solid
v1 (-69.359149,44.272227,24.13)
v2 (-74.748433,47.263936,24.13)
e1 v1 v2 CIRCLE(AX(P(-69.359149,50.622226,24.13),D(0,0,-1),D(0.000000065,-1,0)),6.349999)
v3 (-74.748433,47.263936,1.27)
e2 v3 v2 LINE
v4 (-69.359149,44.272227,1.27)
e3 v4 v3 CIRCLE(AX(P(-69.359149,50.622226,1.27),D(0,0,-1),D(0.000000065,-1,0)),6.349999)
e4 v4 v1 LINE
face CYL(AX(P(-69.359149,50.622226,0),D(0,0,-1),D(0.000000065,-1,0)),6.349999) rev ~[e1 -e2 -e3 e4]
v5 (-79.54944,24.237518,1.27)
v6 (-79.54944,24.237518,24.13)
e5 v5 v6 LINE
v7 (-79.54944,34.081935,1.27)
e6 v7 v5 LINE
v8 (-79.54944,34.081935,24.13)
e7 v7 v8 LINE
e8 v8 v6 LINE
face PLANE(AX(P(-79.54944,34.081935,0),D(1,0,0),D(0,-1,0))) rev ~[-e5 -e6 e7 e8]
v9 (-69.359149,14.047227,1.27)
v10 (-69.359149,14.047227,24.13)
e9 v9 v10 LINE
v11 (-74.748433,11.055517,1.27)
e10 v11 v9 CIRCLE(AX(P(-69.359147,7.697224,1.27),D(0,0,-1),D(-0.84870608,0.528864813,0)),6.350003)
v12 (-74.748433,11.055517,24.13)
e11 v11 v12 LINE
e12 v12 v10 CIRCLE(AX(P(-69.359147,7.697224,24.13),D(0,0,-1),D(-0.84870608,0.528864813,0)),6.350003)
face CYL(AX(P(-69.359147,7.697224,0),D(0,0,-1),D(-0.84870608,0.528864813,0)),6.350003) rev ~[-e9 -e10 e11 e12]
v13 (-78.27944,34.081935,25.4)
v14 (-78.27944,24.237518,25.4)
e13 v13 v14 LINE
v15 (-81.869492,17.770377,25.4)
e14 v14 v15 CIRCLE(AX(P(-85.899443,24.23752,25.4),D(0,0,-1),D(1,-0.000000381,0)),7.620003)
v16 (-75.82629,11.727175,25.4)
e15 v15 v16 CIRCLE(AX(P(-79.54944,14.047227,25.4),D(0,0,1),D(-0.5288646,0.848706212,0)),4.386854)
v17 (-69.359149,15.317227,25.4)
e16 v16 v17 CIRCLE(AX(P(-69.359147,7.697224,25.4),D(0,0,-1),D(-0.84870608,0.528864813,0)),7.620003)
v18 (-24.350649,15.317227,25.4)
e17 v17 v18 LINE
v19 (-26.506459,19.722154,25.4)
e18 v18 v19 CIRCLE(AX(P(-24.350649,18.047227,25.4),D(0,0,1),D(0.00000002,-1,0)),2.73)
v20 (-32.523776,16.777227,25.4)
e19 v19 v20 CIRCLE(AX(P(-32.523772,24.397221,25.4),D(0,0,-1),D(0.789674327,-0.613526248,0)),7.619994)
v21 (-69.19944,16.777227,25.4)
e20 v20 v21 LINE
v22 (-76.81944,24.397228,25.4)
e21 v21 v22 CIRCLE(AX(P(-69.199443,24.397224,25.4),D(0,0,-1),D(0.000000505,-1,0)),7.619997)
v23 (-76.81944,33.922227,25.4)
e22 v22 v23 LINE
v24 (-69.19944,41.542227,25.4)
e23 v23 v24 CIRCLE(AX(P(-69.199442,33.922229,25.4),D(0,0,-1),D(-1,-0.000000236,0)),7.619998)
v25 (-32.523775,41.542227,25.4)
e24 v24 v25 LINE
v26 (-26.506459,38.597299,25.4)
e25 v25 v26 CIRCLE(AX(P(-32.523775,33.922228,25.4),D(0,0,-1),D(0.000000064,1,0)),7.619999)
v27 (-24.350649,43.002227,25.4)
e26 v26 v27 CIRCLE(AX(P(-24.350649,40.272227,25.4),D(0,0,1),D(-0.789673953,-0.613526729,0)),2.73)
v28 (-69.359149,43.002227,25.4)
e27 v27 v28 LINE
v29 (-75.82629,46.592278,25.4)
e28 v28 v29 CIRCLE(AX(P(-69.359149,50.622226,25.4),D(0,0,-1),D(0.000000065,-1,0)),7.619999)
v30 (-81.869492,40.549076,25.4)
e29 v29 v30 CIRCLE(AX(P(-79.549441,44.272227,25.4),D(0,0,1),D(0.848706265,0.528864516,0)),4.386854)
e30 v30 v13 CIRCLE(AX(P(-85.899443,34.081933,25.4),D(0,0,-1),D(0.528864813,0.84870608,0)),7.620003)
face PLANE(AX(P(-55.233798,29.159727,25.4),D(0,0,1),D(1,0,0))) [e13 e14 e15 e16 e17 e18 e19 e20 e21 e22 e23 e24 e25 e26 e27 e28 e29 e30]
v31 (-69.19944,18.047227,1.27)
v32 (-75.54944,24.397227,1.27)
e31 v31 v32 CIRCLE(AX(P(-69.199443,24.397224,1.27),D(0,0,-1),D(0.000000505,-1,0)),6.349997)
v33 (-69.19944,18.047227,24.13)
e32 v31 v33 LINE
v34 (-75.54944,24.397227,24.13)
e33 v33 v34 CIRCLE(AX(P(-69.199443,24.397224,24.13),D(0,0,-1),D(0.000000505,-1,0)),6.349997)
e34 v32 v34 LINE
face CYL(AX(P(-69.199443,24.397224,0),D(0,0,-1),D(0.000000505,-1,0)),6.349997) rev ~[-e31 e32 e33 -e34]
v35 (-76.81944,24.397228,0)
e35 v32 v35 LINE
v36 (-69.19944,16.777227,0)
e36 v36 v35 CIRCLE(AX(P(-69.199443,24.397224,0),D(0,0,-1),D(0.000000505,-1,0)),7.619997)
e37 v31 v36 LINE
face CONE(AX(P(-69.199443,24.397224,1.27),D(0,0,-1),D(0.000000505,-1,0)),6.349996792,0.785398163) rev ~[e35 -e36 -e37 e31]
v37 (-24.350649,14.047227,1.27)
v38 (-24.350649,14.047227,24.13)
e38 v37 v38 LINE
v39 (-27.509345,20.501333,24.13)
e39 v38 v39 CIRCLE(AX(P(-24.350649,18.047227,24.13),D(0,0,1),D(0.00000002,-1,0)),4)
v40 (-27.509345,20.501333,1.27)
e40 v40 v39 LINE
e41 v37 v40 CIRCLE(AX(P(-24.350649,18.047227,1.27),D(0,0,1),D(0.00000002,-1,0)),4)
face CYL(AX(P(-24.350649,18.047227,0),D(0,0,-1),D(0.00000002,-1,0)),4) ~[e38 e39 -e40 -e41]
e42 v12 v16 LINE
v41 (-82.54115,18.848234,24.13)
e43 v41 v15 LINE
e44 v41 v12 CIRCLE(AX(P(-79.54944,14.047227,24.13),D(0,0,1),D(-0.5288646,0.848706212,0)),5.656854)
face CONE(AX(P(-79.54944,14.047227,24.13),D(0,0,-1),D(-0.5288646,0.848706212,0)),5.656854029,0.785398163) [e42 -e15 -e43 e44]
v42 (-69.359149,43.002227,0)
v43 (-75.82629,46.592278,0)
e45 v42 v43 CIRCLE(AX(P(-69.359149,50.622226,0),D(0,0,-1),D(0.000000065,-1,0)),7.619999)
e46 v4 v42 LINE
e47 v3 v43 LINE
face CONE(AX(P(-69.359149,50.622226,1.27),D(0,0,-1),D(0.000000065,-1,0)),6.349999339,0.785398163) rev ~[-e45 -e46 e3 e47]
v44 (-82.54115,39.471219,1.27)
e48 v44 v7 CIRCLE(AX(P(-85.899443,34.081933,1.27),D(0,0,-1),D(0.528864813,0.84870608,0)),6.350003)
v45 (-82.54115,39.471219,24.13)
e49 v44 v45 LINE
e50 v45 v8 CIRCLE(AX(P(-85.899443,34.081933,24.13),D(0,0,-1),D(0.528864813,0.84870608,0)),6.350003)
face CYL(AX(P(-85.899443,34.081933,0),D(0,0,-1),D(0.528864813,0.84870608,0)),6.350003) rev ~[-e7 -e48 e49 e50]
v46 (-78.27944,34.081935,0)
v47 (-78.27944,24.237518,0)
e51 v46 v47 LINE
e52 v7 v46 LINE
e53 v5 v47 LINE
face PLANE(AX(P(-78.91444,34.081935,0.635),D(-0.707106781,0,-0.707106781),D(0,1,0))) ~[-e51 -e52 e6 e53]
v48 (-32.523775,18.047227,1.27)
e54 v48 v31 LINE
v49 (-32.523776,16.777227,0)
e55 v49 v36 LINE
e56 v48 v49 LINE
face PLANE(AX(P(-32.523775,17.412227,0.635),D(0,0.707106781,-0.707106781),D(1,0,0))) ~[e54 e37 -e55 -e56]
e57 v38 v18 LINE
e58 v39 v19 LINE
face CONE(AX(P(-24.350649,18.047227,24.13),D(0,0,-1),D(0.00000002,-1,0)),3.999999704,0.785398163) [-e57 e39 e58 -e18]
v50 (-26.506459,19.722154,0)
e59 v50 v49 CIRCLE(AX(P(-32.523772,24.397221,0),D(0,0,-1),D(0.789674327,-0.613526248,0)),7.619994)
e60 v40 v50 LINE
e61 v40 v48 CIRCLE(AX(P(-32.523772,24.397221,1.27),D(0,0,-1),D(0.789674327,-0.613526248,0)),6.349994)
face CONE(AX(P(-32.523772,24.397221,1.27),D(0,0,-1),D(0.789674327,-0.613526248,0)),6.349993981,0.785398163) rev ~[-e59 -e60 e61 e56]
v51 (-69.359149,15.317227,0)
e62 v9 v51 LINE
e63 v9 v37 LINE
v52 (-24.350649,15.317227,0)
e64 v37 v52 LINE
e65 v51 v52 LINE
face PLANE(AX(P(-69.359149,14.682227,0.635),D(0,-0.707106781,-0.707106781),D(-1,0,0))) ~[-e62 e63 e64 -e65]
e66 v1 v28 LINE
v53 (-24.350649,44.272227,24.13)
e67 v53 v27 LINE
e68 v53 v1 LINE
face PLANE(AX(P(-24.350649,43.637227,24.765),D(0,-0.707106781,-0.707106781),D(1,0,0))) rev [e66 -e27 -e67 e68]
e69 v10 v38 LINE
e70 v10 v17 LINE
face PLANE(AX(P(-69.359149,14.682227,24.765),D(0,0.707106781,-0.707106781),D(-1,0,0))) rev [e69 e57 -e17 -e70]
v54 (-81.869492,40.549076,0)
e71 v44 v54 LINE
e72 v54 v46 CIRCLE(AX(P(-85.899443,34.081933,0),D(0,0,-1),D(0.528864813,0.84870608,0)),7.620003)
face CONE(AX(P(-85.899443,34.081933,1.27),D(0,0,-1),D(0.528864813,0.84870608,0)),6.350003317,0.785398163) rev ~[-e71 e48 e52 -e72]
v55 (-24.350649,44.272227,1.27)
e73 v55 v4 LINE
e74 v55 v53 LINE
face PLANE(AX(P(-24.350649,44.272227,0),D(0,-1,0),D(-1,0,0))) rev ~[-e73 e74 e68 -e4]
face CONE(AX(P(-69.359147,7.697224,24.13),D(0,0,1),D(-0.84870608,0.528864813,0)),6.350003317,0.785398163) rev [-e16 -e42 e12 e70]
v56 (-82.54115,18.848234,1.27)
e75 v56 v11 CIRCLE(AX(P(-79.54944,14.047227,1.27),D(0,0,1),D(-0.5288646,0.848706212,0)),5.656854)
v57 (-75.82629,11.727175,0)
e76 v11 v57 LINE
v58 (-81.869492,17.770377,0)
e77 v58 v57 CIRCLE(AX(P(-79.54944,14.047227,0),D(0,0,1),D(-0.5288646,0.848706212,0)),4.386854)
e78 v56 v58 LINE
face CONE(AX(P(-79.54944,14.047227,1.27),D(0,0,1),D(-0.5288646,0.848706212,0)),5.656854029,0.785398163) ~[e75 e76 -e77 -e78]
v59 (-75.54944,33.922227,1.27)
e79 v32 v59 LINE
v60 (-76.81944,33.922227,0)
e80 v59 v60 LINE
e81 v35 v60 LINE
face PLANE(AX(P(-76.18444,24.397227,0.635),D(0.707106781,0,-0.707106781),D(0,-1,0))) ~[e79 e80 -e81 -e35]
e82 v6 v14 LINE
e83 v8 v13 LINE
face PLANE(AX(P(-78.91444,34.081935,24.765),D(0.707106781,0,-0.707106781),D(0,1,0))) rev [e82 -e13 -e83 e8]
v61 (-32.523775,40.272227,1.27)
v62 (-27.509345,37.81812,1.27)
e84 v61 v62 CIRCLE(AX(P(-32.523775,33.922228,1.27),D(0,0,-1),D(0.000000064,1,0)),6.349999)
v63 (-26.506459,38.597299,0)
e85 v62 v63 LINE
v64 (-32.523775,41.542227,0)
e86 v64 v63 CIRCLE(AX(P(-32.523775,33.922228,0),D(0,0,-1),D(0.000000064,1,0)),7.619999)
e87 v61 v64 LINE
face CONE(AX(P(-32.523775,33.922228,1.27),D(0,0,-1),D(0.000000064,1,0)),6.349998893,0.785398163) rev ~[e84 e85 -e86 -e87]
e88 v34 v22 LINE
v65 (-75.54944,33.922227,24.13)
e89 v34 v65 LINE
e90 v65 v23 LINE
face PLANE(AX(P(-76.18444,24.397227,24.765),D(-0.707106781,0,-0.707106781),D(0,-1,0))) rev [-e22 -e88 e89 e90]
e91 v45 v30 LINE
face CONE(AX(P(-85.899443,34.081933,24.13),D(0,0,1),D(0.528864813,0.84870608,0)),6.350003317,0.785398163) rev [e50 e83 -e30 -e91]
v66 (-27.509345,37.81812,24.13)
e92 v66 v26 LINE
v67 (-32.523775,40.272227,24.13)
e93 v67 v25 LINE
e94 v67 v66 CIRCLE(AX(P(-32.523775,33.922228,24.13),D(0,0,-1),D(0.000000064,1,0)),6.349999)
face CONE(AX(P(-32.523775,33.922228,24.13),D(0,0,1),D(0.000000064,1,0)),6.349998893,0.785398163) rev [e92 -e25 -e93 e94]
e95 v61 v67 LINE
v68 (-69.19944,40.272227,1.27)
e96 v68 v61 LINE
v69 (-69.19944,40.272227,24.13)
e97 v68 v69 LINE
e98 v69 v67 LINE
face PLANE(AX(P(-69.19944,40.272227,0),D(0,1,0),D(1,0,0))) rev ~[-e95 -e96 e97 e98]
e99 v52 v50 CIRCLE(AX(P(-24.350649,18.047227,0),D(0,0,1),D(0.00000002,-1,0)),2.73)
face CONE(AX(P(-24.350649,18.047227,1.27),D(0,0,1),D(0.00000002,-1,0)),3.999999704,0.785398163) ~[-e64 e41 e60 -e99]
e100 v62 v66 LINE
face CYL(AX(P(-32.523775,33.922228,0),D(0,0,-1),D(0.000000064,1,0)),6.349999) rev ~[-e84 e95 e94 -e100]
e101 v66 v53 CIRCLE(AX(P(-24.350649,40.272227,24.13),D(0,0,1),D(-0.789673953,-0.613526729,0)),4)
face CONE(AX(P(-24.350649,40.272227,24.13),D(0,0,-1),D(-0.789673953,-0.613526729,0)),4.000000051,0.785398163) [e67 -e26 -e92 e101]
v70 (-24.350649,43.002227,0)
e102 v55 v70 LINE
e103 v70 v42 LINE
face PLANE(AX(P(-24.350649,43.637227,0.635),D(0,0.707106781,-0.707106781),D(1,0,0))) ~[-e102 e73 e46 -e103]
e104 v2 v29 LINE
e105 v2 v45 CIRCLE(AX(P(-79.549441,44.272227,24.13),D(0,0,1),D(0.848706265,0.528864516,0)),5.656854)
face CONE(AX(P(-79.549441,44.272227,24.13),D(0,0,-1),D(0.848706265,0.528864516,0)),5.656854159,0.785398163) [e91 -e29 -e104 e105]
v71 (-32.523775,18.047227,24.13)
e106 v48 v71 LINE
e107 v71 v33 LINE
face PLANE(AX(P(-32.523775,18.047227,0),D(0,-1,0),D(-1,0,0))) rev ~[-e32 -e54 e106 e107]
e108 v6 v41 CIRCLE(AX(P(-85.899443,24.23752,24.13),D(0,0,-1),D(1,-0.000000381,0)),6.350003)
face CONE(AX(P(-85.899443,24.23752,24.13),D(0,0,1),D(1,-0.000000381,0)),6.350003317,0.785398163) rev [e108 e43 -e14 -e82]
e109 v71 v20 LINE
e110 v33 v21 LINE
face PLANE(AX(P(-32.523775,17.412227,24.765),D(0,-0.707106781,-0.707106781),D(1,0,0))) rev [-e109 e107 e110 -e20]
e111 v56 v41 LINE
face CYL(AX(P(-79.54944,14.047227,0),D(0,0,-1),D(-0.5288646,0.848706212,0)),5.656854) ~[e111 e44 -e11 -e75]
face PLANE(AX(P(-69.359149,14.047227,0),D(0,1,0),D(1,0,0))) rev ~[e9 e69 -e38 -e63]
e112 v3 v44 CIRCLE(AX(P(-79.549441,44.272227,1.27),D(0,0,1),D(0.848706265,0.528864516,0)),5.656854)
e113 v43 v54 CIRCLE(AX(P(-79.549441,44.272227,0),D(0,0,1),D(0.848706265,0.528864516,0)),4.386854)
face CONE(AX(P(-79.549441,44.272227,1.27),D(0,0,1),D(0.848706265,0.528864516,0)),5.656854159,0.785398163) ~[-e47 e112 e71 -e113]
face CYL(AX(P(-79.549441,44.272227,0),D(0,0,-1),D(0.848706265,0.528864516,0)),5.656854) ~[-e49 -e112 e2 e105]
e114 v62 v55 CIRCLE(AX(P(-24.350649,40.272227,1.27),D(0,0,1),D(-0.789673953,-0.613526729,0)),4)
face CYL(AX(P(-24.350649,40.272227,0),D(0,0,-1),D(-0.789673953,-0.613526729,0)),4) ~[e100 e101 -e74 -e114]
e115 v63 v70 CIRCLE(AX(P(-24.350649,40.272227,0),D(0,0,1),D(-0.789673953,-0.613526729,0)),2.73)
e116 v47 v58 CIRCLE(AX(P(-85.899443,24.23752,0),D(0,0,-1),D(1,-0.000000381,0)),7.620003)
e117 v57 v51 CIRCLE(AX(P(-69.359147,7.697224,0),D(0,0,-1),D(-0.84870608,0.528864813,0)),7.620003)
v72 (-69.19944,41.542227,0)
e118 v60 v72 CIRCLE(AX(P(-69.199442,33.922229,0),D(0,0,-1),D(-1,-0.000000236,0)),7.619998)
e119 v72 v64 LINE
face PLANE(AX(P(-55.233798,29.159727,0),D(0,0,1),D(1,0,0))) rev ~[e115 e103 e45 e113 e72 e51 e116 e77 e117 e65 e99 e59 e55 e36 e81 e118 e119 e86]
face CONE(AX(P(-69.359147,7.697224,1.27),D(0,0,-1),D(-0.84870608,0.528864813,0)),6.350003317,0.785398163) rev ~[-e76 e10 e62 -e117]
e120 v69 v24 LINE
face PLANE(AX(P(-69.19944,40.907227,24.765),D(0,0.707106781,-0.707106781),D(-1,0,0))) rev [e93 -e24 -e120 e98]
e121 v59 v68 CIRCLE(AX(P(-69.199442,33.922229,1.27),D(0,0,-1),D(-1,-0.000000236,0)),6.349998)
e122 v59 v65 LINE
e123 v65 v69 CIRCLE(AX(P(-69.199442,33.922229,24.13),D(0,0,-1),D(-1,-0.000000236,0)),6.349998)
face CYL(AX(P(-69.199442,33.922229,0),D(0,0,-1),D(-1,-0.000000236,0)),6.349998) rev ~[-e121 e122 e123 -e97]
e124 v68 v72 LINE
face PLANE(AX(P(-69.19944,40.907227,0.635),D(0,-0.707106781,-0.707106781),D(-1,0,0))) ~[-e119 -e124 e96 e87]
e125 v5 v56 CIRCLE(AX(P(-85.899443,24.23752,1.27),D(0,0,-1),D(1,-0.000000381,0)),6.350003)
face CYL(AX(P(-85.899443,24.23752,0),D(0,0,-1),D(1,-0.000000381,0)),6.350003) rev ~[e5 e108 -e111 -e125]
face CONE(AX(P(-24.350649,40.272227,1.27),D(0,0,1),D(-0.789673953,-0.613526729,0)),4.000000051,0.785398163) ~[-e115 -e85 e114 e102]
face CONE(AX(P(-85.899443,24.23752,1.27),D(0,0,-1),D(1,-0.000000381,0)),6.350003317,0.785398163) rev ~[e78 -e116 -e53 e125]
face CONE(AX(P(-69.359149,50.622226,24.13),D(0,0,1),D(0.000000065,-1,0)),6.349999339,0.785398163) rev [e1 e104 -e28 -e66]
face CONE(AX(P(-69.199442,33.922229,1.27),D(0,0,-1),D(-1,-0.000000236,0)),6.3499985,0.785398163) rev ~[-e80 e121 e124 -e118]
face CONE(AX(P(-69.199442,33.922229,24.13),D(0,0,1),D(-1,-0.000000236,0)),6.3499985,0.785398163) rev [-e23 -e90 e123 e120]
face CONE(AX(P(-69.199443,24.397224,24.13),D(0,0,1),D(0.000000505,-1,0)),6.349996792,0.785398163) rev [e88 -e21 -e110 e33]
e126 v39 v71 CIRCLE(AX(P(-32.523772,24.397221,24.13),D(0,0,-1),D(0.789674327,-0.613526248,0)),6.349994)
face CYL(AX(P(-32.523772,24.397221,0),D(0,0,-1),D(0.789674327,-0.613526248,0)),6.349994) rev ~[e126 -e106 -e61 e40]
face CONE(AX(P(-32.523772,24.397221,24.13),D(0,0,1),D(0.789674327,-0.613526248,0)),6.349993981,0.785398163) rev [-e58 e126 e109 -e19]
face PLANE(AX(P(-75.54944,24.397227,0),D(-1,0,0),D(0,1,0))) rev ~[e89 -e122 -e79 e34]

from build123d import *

# Parameters (mm, degrees)
F1_DEPTH = 25.4
F2_SIZE  = 1.27


with BuildPart() as f1:
    # F0 (on Top) → F1 (new body)
    with BuildSketch(Plane.XY):
        with BuildLine():
            ThreePointArc((-69.19944, 18.047227), (-73.689569, 19.907098), (-75.54944, 24.397227))
            Line((-75.54944, 24.397227), (-75.54944, 33.922227))
            ThreePointArc((-75.54944, 33.922227), (-73.689569, 38.412355), (-69.19944, 40.272227))
            Line((-69.19944, 40.272227), (-32.523775, 40.272227))
            ThreePointArc((-32.523775, 40.272227), (-29.732398, 39.625797), (-27.509345, 37.81812))
            ThreePointArc((-27.509345, 37.81812), (-20.757849, 38.513879), (-24.350649, 44.272227))
            Line((-24.350649, 44.272227), (-69.359149, 44.272227))
            ThreePointArc((-69.359149, 44.272227), (-72.441141, 45.070306), (-74.748433, 47.263936))
            ThreePointArc((-74.748433, 47.263936), (-83.54944, 48.272227), (-82.54115, 39.471219))
            ThreePointArc((-82.54115, 39.471219), (-80.34752, 37.163927), (-79.54944, 34.081935))
            Line((-79.54944, 34.081935), (-79.54944, 24.237518))
            ThreePointArc((-79.54944, 24.237518), (-80.34752, 21.155526), (-82.54115, 18.848234))
            ThreePointArc((-82.54115, 18.848234), (-83.54944, 10.047227), (-74.748433, 11.055517))
            ThreePointArc((-74.748433, 11.055517), (-72.441141, 13.249147), (-69.359149, 14.047227))
            Line((-69.359149, 14.047227), (-24.350649, 14.047227))
            ThreePointArc((-24.350649, 14.047227), (-20.757849, 19.805574), (-27.509345, 20.501333))
            ThreePointArc((-27.509345, 20.501333), (-29.732398, 18.693656), (-32.523775, 18.047227))
            Line((-32.523775, 18.047227), (-69.19944, 18.047227))
        make_face()
    extrude(amount=F1_DEPTH)

    # F2
    f2_edges = [f1.edges().sort_by_distance(p)[0] for p in [
        (-79.54944, 29.159727, 25.4),
        (-80.34752, 21.155526, 25.4),
        (-50.861608, 40.272227, 25.4),
        (-46.854899, 44.272227, 25.4),
        (-50.861608, 18.047227, 25.4),
        (-83.54944, 10.047227, 25.4),
        (-83.54944, 48.272227, 0),
        (-83.54944, 10.047227, 0),
        (-79.54944, 29.159727, 0),
        (-82.54115, 39.471219, 12.7),
        (-80.34752, 21.155526, 0),
        (-24.350649, 44.272227, 12.7),
        (-29.732398, 18.693656, 25.4),
        (-20.757849, 19.805574, 25.4),
        (-83.54944, 48.272227, 25.4),
        (-79.54944, 24.237518, 12.7),
        (-79.54944, 34.081935, 12.7),
        (-75.54944, 29.159727, 25.4),
        (-82.54115, 18.848234, 12.7),
        (-73.689569, 38.412355, 25.4),
        (-46.854899, 14.047227, 25.4),
        (-32.523775, 18.047227, 12.7),
        (-80.34752, 37.163927, 25.4),
        (-72.441141, 45.070306, 25.4),
        (-73.689569, 19.907098, 25.4),
        (-72.441141, 45.070306, 0),
        (-46.854899, 44.272227, 0),
        (-72.441141, 13.249147, 25.4),
        (-29.732398, 18.693656, 0),
        (-20.757849, 19.805574, 0),
        (-20.757849, 38.513879, 0),
        (-75.54944, 29.159727, 0),
        (-73.689569, 38.412355, 0),
        (-27.509345, 37.81812, 12.7),
        (-69.19944, 18.047227, 12.7),
        (-24.350649, 14.047227, 12.7),
        (-69.359149, 14.047227, 12.7),
        (-75.54944, 24.397227, 12.7),
        (-75.54944, 33.922227, 12.7),
        (-74.748433, 47.263936, 12.7),
        (-69.359149, 44.272227, 12.7),
        (-80.34752, 37.163927, 0),
        (-32.523775, 40.272227, 12.7),
        (-69.19944, 40.272227, 12.7),
        (-73.689569, 19.907098, 0),
        (-50.861608, 18.047227, 0),
        (-29.732398, 39.625797, 25.4),
        (-20.757849, 38.513879, 25.4),
        (-74.748433, 11.055517, 12.7),
        (-27.509345, 20.501333, 12.7),
        (-29.732398, 39.625797, 0),
        (-46.854899, 14.047227, 0),
        (-72.441141, 13.249147, 0),
        (-50.861608, 40.272227, 0),
    ]]
    chamfer(f2_edges, length=F2_SIZE)


solid = f1.part
